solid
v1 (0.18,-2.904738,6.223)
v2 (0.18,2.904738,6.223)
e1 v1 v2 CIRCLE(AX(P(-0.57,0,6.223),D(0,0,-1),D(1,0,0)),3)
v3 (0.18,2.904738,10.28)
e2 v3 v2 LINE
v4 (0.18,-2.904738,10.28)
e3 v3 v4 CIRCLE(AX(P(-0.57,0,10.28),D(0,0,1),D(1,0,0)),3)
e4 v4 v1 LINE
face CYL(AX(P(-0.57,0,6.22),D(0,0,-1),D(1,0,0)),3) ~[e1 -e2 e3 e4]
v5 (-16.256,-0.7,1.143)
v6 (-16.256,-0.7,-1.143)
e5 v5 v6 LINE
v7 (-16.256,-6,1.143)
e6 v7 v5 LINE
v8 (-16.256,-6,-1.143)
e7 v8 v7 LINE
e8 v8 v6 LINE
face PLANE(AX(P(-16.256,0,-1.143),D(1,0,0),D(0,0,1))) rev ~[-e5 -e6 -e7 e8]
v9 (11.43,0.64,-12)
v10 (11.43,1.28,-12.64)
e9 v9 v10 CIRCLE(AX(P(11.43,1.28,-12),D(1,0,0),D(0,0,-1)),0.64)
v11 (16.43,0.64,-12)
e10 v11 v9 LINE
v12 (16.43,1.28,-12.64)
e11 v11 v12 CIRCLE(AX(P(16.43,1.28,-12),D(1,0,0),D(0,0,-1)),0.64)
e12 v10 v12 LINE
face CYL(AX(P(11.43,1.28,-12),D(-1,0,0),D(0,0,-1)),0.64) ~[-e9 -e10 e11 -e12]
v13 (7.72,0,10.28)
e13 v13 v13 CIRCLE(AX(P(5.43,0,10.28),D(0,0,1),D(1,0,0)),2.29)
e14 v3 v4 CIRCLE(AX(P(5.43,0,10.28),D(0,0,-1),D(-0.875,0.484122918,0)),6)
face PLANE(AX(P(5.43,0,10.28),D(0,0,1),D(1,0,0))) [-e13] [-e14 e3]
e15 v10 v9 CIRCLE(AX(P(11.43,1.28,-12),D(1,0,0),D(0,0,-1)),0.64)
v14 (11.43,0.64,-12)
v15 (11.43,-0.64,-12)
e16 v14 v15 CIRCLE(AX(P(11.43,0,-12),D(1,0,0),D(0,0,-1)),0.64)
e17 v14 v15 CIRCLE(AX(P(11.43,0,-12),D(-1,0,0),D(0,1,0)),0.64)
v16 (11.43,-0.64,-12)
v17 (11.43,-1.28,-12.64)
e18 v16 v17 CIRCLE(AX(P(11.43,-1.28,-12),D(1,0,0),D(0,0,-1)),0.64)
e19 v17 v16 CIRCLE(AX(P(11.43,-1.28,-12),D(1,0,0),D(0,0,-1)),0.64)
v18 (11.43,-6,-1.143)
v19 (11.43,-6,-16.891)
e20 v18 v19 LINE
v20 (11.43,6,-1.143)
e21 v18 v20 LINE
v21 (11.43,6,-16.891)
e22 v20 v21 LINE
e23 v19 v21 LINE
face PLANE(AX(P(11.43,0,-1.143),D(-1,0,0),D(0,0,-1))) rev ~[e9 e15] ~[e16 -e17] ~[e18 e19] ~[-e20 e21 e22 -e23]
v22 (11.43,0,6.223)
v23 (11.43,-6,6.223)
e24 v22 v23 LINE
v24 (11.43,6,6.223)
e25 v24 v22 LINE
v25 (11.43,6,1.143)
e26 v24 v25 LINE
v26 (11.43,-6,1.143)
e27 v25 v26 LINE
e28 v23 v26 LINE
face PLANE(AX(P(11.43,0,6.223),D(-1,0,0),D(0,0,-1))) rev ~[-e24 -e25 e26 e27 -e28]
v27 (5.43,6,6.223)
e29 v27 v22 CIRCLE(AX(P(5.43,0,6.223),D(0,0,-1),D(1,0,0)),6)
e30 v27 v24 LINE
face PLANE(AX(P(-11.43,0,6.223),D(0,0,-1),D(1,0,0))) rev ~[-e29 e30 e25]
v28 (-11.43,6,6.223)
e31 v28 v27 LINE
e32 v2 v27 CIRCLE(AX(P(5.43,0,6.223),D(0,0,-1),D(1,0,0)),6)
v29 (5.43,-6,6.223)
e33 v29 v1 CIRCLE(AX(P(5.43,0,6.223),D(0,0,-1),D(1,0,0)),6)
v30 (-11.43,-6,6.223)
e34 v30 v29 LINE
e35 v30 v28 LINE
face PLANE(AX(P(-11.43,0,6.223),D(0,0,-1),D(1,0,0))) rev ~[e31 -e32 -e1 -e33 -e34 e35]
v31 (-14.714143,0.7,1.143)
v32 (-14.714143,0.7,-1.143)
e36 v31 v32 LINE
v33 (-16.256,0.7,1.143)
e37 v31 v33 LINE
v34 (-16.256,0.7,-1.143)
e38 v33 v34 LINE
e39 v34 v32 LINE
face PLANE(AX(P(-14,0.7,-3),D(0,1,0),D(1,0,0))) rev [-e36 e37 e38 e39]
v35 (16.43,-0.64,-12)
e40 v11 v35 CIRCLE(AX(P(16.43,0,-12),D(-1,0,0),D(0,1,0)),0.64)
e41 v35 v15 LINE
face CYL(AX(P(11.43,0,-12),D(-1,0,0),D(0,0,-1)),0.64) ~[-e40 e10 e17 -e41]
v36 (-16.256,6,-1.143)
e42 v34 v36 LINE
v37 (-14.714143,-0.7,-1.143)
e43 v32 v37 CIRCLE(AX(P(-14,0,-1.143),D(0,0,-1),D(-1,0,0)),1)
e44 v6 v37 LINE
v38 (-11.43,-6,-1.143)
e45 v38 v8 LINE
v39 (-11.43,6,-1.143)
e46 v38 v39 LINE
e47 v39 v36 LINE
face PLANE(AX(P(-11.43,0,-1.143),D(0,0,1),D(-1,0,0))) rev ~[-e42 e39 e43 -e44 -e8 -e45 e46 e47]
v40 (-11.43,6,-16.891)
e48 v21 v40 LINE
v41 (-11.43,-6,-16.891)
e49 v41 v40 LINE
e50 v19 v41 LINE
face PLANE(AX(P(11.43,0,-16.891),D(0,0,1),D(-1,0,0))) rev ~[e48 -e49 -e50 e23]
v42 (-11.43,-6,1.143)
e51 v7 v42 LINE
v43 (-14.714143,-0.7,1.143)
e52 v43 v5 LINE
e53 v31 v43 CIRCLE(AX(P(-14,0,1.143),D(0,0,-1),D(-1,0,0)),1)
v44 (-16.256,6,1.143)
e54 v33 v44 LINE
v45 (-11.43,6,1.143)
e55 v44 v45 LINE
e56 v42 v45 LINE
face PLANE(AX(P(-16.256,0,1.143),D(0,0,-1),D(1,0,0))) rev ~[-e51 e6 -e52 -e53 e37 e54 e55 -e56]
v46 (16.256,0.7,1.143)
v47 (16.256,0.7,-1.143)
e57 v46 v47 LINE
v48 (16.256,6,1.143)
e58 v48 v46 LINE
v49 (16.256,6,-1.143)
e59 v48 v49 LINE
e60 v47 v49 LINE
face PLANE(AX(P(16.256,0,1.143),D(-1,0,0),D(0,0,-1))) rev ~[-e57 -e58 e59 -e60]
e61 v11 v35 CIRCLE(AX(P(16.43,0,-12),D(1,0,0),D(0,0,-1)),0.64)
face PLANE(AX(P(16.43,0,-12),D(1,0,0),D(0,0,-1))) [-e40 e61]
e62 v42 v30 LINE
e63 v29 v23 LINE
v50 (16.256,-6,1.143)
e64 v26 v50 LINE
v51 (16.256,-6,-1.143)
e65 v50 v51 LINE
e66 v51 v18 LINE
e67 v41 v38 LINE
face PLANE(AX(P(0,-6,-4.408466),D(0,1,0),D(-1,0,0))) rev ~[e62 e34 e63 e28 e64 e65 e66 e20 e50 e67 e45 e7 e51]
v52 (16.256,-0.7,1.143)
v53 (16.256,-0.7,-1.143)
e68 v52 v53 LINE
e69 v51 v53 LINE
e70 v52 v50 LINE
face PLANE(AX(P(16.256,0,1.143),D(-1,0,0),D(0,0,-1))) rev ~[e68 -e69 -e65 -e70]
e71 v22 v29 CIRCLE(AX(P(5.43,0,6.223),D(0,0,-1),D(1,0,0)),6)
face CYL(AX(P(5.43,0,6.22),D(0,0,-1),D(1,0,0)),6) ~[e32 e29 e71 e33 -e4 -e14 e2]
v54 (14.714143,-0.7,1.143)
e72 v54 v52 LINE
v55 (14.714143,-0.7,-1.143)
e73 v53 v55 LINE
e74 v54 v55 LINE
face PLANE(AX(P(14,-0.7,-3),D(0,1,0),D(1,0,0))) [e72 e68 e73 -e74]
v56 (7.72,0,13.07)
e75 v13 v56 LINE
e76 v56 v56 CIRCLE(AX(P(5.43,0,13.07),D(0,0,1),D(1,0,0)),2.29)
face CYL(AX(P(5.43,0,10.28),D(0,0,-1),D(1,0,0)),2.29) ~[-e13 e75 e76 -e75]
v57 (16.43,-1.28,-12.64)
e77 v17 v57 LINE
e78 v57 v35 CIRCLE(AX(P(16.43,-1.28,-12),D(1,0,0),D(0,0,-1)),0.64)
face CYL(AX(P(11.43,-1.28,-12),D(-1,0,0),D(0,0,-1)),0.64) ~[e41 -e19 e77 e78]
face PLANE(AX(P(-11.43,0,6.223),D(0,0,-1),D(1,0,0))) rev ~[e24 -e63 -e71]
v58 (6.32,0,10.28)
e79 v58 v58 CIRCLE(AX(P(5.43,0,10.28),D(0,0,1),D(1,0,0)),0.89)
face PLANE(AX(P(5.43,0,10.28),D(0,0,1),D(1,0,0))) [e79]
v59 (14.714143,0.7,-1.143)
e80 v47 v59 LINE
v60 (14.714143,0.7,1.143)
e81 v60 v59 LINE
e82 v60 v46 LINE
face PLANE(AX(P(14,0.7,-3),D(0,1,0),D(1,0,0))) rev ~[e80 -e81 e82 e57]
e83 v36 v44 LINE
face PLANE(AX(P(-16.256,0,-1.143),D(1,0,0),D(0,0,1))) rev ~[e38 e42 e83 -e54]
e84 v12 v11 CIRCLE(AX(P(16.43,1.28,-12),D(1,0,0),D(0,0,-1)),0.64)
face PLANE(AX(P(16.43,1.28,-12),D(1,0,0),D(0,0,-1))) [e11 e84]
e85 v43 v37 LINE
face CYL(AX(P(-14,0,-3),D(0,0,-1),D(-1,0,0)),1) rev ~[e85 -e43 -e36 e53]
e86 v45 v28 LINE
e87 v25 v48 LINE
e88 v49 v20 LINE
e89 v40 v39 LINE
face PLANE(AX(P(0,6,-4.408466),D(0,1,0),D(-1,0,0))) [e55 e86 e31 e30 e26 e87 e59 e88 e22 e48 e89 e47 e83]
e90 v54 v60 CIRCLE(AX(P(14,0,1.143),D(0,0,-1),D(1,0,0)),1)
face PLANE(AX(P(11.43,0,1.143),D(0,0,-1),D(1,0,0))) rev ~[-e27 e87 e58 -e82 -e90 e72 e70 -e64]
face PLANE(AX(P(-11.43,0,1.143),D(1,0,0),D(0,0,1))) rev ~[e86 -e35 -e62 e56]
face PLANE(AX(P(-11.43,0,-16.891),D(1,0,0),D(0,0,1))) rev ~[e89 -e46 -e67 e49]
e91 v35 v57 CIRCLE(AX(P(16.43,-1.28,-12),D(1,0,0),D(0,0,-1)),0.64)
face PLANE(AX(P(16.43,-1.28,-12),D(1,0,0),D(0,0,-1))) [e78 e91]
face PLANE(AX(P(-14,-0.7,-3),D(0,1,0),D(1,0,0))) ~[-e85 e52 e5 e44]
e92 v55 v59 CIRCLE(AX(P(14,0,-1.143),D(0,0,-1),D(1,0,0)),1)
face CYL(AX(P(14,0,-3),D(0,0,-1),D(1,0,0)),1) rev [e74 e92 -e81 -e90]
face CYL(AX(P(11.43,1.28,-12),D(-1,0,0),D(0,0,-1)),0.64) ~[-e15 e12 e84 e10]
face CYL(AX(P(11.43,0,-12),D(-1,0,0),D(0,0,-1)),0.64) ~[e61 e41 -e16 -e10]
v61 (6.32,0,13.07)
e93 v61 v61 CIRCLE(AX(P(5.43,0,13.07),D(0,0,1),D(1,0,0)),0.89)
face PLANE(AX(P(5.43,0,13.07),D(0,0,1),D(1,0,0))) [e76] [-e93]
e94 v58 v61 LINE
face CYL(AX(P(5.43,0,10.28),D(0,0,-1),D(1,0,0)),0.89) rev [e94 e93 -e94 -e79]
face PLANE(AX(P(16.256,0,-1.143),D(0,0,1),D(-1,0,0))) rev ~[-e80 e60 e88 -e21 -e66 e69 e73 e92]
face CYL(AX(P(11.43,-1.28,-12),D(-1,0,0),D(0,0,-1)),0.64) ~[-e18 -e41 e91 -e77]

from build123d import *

# Parameters (mm, degrees)
CYLINDER001_R           = 3
CYLINDER001_DEPTH       = 4.06
CYLINDER003_R           = 0.89
CYLINDER003_DEPTH       = 2.79
CYLINDER002_R           = 2.29
CYLINDER002_DEPTH       = 2.79
BOX_W                   = 10
BOX_H                   = 1.4
BOX_DEPTH               = 10
CYLINDER004_R           = 1
CYLINDER004_DEPTH       = 10
PAD_DEPTH               = 6
CYLINDER005_R           = 0.64
CYLINDER005_DEPTH       = 5
CYLINDER005_PITCH_ANGLE = 90
CYLINDER006_R           = 0.64
CYLINDER006_DEPTH       = 5
CYLINDER006_PITCH_ANGLE = 90
CYLINDER007_R           = 0.64
CYLINDER007_DEPTH       = 5
CYLINDER007_PITCH_ANGLE = 90
CYLINDER_R              = 6
CYLINDER_DEPTH          = 4.06


with BuildPart() as cylinder001:
    # Cylinder001 → Cylinder001 (new body)
    with BuildSketch(Plane(origin=(-0.57, 0, 6.22), x_dir=(1, 0, 0), z_dir=(0, 0, 1))):
        Circle(CYLINDER001_R)
    extrude(amount=CYLINDER001_DEPTH)


with BuildPart() as cylinder003:
    # Cylinder003 → Cylinder003 (new body)
    with BuildSketch(Plane(origin=(5.43, 0, 10.28), x_dir=(1, 0, 0), z_dir=(0, 0, 1))):
        Circle(CYLINDER003_R)
    extrude(amount=CYLINDER003_DEPTH)


with BuildPart() as cut:
    # Cylinder002 → Cylinder002 (new body)
    with BuildSketch(Plane(origin=(5.43, 0, 10.28), x_dir=(1, 0, 0), z_dir=(0, 0, 1))):
        Circle(CYLINDER002_R)
    extrude(amount=CYLINDER002_DEPTH)

    # Cut: cut Cylinder003
    add(cylinder003.part, mode=Mode.SUBTRACT)


with BuildPart() as box:
    # Box → Box (new body)
    with BuildSketch(Plane(origin=(14, -0.7, -3), x_dir=(1, 0, 0), z_dir=(0, 0, 1))):
        with Locations((5, 0.7)):
            Rectangle(BOX_W, BOX_H)
    extrude(amount=BOX_DEPTH)


with BuildPart() as part_mirroring001:
    # Part__Mirroring001: instance of Box
    add(box.part.mirror(Plane(origin=(0, 0, 0), x_dir=(0, -1, 0), z_dir=(1, 0, 0))))


with BuildPart() as cylinder004:
    # Cylinder004 → Cylinder004 (new body)
    with BuildSketch(Plane(origin=(14, 0, -3), x_dir=(1, 0, 0), z_dir=(0, 0, 1))):
        Circle(CYLINDER004_R)
    extrude(amount=CYLINDER004_DEPTH)


with BuildPart() as fusion:
    # Part__Mirroring: instance of Cylinder004
    add(cylinder004.part.mirror(Plane(origin=(0, 0, 0), x_dir=(0, -1, 0), z_dir=(1, 0, 0))))

    # Fusion: union Part__Mirroring001, Cylinder004, Box
    add(part_mirroring001.part)
    add(cylinder004.part)
    add(box.part)


with BuildPart() as cut001:
    # Sketch → Pad (new body, symmetric)
    with BuildSketch(Plane.XZ):
        Polygon((16.256, 1.143), (16.256, -1.143), (11.43, -1.143), (11.43, -16.891), (-11.43, -16.891), (-11.43, -1.143), (-16.256, -1.143), (-16.256, 1.143), (-11.43, 1.143), (-11.43, 6.223), (11.43, 6.223), (11.43, 1.143), align=None)
    extrude(amount=PAD_DEPTH, both=True)

    # Cut001: cut Fusion
    add(fusion.part, mode=Mode.SUBTRACT)


with BuildPart() as cylinder005:
    # Cylinder005 → Cylinder005 (new body)
    with BuildSketch(Plane.XY):
        Circle(CYLINDER005_R)
    extrude(amount=CYLINDER005_DEPTH)


with BuildPart() as cylinder005_1:
    # Cylinder005 pitch: moved
    add(cylinder005.part.rotate(Axis((0, 0, 0), (0, 1, 0)), CYLINDER005_PITCH_ANGLE))


with BuildPart() as cylinder005_2:
    # Cylinder005 placement: moved
    add(cylinder005_1.part.moved(Location((11.43, 0, -12))))


with BuildPart() as cylinder006:
    # Cylinder006 → Cylinder006 (new body)
    with BuildSketch(Plane.XY):
        Circle(CYLINDER006_R)
    extrude(amount=CYLINDER006_DEPTH)


with BuildPart() as cylinder006_1:
    # Cylinder006 pitch: moved
    add(cylinder006.part.rotate(Axis((0, 0, 0), (0, 1, 0)), CYLINDER006_PITCH_ANGLE))


with BuildPart() as cylinder006_2:
    # Cylinder006 placement: moved
    add(cylinder006_1.part.moved(Location((11.43, -1.28, -12))))


with BuildPart() as cylinder007:
    # Cylinder007 → Cylinder007 (new body)
    with BuildSketch(Plane.XY):
        Circle(CYLINDER007_R)
    extrude(amount=CYLINDER007_DEPTH)


with BuildPart() as cylinder007_1:
    # Cylinder007 pitch: moved
    add(cylinder007.part.rotate(Axis((0, 0, 0), (0, 1, 0)), CYLINDER007_PITCH_ANGLE))


with BuildPart() as cylinder007_2:
    # Cylinder007 placement: moved
    add(cylinder007_1.part.moved(Location((11.43, 1.28, -12))))


with BuildPart() as hxt900:
    # Cylinder → Cylinder (new body)
    with BuildSketch(Plane(origin=(5.43, 0, 6.22), x_dir=(1, 0, 0), z_dir=(0, 0, 1))):
        Circle(CYLINDER_R)
    extrude(amount=CYLINDER_DEPTH)

    # Fusion001: union Cylinder001, Cut, Cut001, Cylinder005, Cylinder006, Cylinder007
    add(cylinder001.part)
    add(cut.part)
    add(cut001.part)
    add(cylinder005_2.part)
    add(cylinder006_2.part)
    add(cylinder007_2.part)


solid = hxt900.part
